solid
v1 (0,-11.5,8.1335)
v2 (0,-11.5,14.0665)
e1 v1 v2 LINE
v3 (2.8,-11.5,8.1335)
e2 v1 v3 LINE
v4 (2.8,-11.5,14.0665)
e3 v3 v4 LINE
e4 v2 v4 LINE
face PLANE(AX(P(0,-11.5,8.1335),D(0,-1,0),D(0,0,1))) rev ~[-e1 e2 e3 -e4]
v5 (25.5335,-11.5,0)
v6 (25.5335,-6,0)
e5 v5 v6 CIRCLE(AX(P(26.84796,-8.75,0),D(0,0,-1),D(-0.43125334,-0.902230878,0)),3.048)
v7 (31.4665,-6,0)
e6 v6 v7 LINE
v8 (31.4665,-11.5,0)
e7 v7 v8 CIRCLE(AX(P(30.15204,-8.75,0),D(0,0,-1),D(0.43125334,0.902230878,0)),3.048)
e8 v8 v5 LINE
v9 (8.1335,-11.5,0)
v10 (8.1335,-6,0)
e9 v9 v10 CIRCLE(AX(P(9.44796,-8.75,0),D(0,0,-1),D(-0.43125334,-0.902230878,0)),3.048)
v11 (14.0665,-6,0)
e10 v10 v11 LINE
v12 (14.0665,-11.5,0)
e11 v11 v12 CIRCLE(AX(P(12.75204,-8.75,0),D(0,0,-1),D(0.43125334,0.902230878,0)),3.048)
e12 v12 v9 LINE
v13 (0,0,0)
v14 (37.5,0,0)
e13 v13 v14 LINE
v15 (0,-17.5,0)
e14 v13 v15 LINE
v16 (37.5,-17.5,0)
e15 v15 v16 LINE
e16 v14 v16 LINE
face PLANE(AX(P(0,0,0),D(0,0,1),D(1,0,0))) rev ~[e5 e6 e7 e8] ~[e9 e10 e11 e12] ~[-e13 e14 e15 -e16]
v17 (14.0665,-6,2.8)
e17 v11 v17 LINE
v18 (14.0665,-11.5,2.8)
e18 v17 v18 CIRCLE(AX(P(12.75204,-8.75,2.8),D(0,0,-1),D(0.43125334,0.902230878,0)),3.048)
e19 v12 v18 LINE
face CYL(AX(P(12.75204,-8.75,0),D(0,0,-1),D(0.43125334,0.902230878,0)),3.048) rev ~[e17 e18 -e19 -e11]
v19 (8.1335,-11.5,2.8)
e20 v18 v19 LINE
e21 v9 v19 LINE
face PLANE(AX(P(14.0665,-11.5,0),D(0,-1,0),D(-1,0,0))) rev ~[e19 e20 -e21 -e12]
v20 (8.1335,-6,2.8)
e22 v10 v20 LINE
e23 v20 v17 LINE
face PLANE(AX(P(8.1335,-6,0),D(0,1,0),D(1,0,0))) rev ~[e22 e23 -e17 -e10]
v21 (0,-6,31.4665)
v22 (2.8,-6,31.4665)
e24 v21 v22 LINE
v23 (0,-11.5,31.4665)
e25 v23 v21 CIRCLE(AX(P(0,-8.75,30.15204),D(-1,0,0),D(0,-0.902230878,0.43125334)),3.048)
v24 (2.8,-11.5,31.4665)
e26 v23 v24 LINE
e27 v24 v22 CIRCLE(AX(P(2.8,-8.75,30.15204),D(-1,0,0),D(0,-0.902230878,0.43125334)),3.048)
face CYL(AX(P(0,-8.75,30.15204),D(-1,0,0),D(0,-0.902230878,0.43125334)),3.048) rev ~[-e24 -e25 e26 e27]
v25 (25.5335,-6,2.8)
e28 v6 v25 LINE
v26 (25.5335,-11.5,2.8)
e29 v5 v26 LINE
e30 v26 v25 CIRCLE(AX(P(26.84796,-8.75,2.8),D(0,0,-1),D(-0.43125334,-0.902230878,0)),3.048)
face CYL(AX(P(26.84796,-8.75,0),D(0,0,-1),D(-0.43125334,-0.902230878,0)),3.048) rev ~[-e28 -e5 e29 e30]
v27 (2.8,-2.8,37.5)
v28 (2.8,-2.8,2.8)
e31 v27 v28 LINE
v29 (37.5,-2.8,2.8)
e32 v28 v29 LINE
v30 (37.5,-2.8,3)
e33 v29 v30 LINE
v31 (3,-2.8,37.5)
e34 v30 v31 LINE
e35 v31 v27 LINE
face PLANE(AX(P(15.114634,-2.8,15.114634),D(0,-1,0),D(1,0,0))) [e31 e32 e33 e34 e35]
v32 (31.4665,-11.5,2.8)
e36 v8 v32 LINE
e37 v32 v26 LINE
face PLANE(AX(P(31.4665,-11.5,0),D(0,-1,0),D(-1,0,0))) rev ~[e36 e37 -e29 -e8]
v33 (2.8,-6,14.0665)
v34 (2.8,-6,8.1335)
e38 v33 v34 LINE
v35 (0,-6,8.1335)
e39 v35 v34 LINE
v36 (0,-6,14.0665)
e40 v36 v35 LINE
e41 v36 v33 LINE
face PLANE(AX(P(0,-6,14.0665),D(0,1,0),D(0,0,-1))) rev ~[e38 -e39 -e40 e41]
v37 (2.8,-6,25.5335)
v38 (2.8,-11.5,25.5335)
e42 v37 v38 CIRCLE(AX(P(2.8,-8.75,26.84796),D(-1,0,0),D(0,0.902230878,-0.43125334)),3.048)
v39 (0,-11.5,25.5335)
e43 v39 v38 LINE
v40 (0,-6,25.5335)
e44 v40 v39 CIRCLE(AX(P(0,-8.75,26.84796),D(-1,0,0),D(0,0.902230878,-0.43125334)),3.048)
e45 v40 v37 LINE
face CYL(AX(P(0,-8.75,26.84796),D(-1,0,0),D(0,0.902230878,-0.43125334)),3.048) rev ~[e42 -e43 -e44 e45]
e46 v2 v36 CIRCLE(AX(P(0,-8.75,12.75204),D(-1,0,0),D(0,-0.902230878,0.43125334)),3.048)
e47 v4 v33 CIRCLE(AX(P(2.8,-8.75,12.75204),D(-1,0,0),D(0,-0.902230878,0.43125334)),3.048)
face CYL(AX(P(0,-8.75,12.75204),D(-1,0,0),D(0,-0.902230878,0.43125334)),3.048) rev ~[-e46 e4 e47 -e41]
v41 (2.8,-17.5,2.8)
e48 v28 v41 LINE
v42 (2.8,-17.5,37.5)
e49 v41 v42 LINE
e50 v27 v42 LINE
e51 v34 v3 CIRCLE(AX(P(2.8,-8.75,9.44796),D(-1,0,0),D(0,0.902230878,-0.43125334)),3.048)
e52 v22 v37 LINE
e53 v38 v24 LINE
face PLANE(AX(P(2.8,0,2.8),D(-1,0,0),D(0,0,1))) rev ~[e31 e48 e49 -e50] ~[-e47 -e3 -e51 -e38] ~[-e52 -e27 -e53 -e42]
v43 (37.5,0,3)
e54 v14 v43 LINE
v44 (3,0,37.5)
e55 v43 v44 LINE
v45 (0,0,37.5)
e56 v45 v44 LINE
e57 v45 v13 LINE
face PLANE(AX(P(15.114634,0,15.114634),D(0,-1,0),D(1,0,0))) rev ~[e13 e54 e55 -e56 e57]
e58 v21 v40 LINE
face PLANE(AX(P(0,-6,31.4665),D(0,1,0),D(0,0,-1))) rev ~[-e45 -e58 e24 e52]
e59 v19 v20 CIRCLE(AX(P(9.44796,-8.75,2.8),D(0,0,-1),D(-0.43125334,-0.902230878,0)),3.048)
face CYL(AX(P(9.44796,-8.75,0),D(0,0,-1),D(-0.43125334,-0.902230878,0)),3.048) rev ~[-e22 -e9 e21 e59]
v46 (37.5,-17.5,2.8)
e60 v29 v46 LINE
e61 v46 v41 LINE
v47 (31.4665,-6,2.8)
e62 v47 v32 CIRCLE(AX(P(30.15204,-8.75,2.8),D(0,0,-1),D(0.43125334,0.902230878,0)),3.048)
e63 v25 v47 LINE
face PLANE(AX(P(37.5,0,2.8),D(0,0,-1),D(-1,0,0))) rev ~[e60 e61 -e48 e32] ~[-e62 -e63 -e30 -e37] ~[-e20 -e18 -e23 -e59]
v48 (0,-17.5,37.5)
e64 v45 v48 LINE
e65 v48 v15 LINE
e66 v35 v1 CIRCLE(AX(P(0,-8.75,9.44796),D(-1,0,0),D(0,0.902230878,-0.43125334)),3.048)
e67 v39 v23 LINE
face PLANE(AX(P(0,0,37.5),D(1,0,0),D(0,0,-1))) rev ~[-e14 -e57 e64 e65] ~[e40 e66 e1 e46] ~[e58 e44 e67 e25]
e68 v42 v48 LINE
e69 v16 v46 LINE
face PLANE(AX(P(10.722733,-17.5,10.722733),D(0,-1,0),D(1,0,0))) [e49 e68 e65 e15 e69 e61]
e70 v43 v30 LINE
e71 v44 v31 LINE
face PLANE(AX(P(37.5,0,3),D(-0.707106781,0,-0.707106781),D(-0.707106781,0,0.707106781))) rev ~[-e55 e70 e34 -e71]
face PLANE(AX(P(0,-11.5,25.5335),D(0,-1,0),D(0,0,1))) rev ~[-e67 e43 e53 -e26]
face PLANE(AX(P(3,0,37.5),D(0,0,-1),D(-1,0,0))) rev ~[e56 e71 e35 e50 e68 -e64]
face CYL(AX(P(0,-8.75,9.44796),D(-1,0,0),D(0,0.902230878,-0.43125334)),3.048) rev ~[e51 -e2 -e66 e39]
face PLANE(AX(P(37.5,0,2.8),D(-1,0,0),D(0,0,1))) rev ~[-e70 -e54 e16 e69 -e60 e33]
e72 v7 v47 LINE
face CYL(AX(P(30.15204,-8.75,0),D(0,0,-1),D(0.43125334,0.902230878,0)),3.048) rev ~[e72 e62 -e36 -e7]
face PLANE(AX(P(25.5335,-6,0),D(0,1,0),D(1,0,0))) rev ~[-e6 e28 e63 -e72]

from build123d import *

# Parameters (mm, degrees)
F1_DEPTH = 17.5
F2_DEPTH = 2.8
F4_DEPTH = 2.8
F6_DEPTH = 2.8


with BuildPart() as f1:
    # F0 (on Front) → F1 (new body)
    with BuildSketch(Plane.XZ):
        Polygon((0, 37.5), (0, 0), (37.5, 0), (37.5, 2.8), (2.8, 2.8), (2.8, 37.5), align=None)
    extrude(amount=F1_DEPTH)

    # F0 (on Front) → F2 (join)
    with BuildSketch(Plane.XZ):
        Polygon((2.8, 2.8), (37.5, 2.8), (37.5, 3), (3, 37.5), (2.8, 37.5), align=None)
    extrude(amount=F2_DEPTH)

    # F3 (on face) → F4 (cut, through all)
    with BuildSketch(Plane(origin=(0, 0, 0), x_dir=(0, -1, 0), z_dir=(-1, 0, 0))):
        with BuildLine():
            ThreePointArc((11.5, 31.4665), (8.75, 33.20004), (6, 31.4665))
            Line((6, 31.4665), (6, 25.5335))
            ThreePointArc((6, 25.5335), (8.75, 23.79996), (11.5, 25.5335))
            Line((11.5, 25.5335), (11.5, 31.4665))
        make_face()
        with BuildLine():
            ThreePointArc((11.5, 14.0665), (8.75, 15.80004), (6, 14.0665))
            Line((6, 14.0665), (6, 8.1335))
            ThreePointArc((6, 8.1335), (8.75, 6.39996), (11.5, 8.1335))
            Line((11.5, 8.1335), (11.5, 14.0665))
        make_face()
    extrude(amount=-F4_DEPTH, mode=Mode.SUBTRACT)

    # F5 (on face) → F6 (cut, through all)
    with BuildSketch(Plane(origin=(0, 0, 0), x_dir=(1, 0, 0), z_dir=(0, 0, -1))):
        with BuildLine():
            ThreePointArc((25.5335, 11.5), (23.79996, 8.75), (25.5335, 6))
            Line((25.5335, 6), (31.4665, 6))
            ThreePointArc((31.4665, 6), (33.20004, 8.75), (31.4665, 11.5))
            Line((31.4665, 11.5), (25.5335, 11.5))
        make_face()
        with BuildLine():
            ThreePointArc((8.1335, 11.5), (6.39996, 8.75), (8.1335, 6))
            Line((8.1335, 6), (14.0665, 6))
            ThreePointArc((14.0665, 6), (15.80004, 8.75), (14.0665, 11.5))
            Line((14.0665, 11.5), (8.1335, 11.5))
        make_face()
    extrude(amount=-F6_DEPTH, mode=Mode.SUBTRACT)


solid = f1.part
